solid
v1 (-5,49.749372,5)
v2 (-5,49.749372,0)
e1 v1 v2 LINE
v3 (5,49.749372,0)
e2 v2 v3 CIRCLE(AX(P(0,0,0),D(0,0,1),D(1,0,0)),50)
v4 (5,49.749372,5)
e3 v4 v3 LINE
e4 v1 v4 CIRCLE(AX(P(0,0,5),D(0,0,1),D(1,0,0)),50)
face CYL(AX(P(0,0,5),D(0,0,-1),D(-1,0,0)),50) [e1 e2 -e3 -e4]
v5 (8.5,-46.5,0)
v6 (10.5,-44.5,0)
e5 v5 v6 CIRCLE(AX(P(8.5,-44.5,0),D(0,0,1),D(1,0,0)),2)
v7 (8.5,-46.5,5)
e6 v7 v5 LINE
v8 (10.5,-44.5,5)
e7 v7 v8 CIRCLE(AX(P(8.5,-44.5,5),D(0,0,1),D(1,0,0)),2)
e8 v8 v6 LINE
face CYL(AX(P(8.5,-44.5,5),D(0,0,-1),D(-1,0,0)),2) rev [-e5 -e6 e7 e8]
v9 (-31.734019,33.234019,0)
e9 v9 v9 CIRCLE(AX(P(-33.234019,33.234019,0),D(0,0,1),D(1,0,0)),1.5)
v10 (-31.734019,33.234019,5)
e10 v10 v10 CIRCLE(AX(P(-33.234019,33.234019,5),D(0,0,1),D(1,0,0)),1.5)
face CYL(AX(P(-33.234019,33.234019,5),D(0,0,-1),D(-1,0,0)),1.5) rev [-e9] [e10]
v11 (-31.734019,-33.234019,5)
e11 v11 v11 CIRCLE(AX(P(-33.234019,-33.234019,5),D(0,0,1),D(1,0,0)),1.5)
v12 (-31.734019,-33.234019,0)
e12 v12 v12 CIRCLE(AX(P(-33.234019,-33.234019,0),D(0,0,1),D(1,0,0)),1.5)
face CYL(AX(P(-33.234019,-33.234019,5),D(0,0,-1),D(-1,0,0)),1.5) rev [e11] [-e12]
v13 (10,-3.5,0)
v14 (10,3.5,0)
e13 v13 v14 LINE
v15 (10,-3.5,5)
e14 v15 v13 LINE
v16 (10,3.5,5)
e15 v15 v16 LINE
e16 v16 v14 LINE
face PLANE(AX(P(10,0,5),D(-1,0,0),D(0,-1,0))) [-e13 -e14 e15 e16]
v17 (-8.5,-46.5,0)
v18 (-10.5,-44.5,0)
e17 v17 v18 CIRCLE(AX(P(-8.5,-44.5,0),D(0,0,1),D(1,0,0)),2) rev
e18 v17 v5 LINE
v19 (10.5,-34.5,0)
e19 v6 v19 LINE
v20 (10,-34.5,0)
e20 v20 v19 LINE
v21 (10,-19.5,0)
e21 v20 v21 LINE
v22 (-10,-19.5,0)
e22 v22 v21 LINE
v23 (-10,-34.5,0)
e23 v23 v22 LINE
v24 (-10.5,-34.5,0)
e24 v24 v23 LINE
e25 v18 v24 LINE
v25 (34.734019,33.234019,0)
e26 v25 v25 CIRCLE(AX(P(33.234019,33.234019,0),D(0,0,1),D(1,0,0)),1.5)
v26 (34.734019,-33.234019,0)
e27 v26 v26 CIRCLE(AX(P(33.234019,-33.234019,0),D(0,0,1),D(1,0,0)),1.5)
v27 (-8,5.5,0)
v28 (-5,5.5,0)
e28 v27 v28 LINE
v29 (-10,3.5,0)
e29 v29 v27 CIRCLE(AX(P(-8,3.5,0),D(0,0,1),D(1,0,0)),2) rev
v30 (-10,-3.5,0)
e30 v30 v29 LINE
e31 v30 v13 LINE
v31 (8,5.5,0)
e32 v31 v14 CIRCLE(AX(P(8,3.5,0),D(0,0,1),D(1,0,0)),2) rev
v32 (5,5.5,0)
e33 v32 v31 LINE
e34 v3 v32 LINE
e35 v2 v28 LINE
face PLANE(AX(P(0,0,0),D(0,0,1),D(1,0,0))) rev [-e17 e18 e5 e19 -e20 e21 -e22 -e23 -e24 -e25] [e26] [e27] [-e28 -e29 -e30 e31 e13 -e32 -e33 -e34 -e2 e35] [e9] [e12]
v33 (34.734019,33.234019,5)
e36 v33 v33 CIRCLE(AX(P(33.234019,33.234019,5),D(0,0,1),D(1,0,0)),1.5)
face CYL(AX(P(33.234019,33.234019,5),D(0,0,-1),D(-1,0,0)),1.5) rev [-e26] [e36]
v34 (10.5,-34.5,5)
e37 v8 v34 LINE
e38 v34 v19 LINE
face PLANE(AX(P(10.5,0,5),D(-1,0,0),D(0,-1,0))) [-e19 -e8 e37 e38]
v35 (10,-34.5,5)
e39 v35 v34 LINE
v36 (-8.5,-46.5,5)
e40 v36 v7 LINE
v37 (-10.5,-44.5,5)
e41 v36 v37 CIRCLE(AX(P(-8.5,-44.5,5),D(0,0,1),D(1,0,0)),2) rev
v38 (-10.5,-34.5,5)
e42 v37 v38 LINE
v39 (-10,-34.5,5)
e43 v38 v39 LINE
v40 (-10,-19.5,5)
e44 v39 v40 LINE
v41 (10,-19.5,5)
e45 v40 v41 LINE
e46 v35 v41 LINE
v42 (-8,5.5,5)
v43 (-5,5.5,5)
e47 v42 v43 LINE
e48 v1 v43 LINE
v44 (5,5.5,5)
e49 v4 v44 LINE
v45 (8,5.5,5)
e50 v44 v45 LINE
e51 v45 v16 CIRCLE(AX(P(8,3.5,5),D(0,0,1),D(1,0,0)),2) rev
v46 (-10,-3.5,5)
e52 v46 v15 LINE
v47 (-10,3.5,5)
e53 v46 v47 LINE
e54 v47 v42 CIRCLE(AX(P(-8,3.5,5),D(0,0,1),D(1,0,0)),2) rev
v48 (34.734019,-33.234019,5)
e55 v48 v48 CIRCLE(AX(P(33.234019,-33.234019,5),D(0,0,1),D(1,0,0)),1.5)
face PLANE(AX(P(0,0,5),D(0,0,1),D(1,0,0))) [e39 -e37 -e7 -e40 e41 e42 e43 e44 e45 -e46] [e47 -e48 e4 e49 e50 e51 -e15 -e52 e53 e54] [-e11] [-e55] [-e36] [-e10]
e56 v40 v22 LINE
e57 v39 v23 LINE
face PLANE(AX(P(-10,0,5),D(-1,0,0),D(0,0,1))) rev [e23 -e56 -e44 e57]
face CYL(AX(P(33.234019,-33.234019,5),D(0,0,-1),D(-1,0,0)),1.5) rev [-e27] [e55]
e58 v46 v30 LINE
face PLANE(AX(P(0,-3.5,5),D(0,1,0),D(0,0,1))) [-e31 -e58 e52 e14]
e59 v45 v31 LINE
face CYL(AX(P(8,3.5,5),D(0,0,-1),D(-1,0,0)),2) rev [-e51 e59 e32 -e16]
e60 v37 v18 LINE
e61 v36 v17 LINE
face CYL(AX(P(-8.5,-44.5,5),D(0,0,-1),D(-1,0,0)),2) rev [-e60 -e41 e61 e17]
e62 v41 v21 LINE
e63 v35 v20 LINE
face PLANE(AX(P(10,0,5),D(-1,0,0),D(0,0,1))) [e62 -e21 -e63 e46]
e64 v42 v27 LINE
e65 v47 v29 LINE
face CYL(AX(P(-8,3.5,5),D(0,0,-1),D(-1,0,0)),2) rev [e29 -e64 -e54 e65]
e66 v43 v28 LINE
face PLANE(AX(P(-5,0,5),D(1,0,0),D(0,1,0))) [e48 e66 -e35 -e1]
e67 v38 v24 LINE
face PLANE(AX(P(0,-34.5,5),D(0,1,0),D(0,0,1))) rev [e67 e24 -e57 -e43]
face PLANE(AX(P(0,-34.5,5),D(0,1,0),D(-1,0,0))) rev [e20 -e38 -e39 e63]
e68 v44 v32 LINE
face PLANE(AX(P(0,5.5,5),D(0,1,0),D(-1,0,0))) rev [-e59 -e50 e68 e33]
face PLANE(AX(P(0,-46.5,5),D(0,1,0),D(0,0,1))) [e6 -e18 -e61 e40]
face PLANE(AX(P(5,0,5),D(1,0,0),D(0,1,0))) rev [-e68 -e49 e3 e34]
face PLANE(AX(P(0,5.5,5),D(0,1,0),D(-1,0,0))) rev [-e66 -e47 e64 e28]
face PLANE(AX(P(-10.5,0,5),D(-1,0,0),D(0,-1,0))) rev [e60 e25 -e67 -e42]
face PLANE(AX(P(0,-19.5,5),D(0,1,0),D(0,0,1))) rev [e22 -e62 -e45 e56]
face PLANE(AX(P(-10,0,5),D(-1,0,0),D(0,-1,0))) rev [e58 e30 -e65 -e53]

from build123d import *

# Parameters (mm, degrees)
SKETCH_1_R      = 1.5
EXTRUDE_1_DEPTH = 5


with BuildPart() as part:
    # 草图1 → 凸台-拉伸1 (new body)
    with BuildSketch(Plane.XY):
        with BuildLine():
            Line((-5, 5.5), (-5, 49.749371855))
            ThreePointArc((-5, 49.749371855), (-33.541019662, -37.080992435), (50, 0))
            ThreePointArc((50, 0), (37.080992435, 33.541019662), (5, 49.749371855))
            Line((5, 49.749371855), (5, 5.5))
            Line((5, 5.5), (8, 5.5))
            ThreePointArc((8, 5.5), (9.414213562, 4.914213562), (10, 3.5))
            Line((10, 3.5), (10, -3.5))
            Line((10, -3.5), (-10, -3.5))
            Line((-10, -3.5), (-10, 3.5))
            ThreePointArc((-10, 3.5), (-9.414213562, 4.914213562), (-8, 5.5))
            Line((-8, 5.5), (-5, 5.5))
        make_face()
        with Locations((-33.234018716, -33.234018716)):
            Circle(SKETCH_1_R, mode=Mode.SUBTRACT)
        with BuildLine():
            Line((-10.5, -34.5), (-10, -34.5))
            Line((-10, -34.5), (-10, -19.5))
            Line((-10, -19.5), (10, -19.5))
            Line((10, -19.5), (10, -34.5))
            Line((10, -34.5), (10.5, -34.5))
            Line((10.5, -34.5), (10.5, -44.5))
            ThreePointArc((10.5, -44.5), (9.914213562, -45.914213562), (8.5, -46.5))
            Line((8.5, -46.5), (-8.5, -46.5))
            ThreePointArc((-8.5, -46.5), (-9.914213562, -45.914213562), (-10.5, -44.5))
            Line((-10.5, -44.5), (-10.5, -34.5))
        make_face(mode=Mode.SUBTRACT)
        with Locations((33.234018716, -33.234018716)):
            Circle(SKETCH_1_R, mode=Mode.SUBTRACT)
        with Locations((-33.234018716, 33.234018716)):
            Circle(SKETCH_1_R, mode=Mode.SUBTRACT)
        with Locations((33.234018716, 33.234018716)):
            Circle(SKETCH_1_R, mode=Mode.SUBTRACT)
    extrude(amount=EXTRUDE_1_DEPTH)


solid = part.part
